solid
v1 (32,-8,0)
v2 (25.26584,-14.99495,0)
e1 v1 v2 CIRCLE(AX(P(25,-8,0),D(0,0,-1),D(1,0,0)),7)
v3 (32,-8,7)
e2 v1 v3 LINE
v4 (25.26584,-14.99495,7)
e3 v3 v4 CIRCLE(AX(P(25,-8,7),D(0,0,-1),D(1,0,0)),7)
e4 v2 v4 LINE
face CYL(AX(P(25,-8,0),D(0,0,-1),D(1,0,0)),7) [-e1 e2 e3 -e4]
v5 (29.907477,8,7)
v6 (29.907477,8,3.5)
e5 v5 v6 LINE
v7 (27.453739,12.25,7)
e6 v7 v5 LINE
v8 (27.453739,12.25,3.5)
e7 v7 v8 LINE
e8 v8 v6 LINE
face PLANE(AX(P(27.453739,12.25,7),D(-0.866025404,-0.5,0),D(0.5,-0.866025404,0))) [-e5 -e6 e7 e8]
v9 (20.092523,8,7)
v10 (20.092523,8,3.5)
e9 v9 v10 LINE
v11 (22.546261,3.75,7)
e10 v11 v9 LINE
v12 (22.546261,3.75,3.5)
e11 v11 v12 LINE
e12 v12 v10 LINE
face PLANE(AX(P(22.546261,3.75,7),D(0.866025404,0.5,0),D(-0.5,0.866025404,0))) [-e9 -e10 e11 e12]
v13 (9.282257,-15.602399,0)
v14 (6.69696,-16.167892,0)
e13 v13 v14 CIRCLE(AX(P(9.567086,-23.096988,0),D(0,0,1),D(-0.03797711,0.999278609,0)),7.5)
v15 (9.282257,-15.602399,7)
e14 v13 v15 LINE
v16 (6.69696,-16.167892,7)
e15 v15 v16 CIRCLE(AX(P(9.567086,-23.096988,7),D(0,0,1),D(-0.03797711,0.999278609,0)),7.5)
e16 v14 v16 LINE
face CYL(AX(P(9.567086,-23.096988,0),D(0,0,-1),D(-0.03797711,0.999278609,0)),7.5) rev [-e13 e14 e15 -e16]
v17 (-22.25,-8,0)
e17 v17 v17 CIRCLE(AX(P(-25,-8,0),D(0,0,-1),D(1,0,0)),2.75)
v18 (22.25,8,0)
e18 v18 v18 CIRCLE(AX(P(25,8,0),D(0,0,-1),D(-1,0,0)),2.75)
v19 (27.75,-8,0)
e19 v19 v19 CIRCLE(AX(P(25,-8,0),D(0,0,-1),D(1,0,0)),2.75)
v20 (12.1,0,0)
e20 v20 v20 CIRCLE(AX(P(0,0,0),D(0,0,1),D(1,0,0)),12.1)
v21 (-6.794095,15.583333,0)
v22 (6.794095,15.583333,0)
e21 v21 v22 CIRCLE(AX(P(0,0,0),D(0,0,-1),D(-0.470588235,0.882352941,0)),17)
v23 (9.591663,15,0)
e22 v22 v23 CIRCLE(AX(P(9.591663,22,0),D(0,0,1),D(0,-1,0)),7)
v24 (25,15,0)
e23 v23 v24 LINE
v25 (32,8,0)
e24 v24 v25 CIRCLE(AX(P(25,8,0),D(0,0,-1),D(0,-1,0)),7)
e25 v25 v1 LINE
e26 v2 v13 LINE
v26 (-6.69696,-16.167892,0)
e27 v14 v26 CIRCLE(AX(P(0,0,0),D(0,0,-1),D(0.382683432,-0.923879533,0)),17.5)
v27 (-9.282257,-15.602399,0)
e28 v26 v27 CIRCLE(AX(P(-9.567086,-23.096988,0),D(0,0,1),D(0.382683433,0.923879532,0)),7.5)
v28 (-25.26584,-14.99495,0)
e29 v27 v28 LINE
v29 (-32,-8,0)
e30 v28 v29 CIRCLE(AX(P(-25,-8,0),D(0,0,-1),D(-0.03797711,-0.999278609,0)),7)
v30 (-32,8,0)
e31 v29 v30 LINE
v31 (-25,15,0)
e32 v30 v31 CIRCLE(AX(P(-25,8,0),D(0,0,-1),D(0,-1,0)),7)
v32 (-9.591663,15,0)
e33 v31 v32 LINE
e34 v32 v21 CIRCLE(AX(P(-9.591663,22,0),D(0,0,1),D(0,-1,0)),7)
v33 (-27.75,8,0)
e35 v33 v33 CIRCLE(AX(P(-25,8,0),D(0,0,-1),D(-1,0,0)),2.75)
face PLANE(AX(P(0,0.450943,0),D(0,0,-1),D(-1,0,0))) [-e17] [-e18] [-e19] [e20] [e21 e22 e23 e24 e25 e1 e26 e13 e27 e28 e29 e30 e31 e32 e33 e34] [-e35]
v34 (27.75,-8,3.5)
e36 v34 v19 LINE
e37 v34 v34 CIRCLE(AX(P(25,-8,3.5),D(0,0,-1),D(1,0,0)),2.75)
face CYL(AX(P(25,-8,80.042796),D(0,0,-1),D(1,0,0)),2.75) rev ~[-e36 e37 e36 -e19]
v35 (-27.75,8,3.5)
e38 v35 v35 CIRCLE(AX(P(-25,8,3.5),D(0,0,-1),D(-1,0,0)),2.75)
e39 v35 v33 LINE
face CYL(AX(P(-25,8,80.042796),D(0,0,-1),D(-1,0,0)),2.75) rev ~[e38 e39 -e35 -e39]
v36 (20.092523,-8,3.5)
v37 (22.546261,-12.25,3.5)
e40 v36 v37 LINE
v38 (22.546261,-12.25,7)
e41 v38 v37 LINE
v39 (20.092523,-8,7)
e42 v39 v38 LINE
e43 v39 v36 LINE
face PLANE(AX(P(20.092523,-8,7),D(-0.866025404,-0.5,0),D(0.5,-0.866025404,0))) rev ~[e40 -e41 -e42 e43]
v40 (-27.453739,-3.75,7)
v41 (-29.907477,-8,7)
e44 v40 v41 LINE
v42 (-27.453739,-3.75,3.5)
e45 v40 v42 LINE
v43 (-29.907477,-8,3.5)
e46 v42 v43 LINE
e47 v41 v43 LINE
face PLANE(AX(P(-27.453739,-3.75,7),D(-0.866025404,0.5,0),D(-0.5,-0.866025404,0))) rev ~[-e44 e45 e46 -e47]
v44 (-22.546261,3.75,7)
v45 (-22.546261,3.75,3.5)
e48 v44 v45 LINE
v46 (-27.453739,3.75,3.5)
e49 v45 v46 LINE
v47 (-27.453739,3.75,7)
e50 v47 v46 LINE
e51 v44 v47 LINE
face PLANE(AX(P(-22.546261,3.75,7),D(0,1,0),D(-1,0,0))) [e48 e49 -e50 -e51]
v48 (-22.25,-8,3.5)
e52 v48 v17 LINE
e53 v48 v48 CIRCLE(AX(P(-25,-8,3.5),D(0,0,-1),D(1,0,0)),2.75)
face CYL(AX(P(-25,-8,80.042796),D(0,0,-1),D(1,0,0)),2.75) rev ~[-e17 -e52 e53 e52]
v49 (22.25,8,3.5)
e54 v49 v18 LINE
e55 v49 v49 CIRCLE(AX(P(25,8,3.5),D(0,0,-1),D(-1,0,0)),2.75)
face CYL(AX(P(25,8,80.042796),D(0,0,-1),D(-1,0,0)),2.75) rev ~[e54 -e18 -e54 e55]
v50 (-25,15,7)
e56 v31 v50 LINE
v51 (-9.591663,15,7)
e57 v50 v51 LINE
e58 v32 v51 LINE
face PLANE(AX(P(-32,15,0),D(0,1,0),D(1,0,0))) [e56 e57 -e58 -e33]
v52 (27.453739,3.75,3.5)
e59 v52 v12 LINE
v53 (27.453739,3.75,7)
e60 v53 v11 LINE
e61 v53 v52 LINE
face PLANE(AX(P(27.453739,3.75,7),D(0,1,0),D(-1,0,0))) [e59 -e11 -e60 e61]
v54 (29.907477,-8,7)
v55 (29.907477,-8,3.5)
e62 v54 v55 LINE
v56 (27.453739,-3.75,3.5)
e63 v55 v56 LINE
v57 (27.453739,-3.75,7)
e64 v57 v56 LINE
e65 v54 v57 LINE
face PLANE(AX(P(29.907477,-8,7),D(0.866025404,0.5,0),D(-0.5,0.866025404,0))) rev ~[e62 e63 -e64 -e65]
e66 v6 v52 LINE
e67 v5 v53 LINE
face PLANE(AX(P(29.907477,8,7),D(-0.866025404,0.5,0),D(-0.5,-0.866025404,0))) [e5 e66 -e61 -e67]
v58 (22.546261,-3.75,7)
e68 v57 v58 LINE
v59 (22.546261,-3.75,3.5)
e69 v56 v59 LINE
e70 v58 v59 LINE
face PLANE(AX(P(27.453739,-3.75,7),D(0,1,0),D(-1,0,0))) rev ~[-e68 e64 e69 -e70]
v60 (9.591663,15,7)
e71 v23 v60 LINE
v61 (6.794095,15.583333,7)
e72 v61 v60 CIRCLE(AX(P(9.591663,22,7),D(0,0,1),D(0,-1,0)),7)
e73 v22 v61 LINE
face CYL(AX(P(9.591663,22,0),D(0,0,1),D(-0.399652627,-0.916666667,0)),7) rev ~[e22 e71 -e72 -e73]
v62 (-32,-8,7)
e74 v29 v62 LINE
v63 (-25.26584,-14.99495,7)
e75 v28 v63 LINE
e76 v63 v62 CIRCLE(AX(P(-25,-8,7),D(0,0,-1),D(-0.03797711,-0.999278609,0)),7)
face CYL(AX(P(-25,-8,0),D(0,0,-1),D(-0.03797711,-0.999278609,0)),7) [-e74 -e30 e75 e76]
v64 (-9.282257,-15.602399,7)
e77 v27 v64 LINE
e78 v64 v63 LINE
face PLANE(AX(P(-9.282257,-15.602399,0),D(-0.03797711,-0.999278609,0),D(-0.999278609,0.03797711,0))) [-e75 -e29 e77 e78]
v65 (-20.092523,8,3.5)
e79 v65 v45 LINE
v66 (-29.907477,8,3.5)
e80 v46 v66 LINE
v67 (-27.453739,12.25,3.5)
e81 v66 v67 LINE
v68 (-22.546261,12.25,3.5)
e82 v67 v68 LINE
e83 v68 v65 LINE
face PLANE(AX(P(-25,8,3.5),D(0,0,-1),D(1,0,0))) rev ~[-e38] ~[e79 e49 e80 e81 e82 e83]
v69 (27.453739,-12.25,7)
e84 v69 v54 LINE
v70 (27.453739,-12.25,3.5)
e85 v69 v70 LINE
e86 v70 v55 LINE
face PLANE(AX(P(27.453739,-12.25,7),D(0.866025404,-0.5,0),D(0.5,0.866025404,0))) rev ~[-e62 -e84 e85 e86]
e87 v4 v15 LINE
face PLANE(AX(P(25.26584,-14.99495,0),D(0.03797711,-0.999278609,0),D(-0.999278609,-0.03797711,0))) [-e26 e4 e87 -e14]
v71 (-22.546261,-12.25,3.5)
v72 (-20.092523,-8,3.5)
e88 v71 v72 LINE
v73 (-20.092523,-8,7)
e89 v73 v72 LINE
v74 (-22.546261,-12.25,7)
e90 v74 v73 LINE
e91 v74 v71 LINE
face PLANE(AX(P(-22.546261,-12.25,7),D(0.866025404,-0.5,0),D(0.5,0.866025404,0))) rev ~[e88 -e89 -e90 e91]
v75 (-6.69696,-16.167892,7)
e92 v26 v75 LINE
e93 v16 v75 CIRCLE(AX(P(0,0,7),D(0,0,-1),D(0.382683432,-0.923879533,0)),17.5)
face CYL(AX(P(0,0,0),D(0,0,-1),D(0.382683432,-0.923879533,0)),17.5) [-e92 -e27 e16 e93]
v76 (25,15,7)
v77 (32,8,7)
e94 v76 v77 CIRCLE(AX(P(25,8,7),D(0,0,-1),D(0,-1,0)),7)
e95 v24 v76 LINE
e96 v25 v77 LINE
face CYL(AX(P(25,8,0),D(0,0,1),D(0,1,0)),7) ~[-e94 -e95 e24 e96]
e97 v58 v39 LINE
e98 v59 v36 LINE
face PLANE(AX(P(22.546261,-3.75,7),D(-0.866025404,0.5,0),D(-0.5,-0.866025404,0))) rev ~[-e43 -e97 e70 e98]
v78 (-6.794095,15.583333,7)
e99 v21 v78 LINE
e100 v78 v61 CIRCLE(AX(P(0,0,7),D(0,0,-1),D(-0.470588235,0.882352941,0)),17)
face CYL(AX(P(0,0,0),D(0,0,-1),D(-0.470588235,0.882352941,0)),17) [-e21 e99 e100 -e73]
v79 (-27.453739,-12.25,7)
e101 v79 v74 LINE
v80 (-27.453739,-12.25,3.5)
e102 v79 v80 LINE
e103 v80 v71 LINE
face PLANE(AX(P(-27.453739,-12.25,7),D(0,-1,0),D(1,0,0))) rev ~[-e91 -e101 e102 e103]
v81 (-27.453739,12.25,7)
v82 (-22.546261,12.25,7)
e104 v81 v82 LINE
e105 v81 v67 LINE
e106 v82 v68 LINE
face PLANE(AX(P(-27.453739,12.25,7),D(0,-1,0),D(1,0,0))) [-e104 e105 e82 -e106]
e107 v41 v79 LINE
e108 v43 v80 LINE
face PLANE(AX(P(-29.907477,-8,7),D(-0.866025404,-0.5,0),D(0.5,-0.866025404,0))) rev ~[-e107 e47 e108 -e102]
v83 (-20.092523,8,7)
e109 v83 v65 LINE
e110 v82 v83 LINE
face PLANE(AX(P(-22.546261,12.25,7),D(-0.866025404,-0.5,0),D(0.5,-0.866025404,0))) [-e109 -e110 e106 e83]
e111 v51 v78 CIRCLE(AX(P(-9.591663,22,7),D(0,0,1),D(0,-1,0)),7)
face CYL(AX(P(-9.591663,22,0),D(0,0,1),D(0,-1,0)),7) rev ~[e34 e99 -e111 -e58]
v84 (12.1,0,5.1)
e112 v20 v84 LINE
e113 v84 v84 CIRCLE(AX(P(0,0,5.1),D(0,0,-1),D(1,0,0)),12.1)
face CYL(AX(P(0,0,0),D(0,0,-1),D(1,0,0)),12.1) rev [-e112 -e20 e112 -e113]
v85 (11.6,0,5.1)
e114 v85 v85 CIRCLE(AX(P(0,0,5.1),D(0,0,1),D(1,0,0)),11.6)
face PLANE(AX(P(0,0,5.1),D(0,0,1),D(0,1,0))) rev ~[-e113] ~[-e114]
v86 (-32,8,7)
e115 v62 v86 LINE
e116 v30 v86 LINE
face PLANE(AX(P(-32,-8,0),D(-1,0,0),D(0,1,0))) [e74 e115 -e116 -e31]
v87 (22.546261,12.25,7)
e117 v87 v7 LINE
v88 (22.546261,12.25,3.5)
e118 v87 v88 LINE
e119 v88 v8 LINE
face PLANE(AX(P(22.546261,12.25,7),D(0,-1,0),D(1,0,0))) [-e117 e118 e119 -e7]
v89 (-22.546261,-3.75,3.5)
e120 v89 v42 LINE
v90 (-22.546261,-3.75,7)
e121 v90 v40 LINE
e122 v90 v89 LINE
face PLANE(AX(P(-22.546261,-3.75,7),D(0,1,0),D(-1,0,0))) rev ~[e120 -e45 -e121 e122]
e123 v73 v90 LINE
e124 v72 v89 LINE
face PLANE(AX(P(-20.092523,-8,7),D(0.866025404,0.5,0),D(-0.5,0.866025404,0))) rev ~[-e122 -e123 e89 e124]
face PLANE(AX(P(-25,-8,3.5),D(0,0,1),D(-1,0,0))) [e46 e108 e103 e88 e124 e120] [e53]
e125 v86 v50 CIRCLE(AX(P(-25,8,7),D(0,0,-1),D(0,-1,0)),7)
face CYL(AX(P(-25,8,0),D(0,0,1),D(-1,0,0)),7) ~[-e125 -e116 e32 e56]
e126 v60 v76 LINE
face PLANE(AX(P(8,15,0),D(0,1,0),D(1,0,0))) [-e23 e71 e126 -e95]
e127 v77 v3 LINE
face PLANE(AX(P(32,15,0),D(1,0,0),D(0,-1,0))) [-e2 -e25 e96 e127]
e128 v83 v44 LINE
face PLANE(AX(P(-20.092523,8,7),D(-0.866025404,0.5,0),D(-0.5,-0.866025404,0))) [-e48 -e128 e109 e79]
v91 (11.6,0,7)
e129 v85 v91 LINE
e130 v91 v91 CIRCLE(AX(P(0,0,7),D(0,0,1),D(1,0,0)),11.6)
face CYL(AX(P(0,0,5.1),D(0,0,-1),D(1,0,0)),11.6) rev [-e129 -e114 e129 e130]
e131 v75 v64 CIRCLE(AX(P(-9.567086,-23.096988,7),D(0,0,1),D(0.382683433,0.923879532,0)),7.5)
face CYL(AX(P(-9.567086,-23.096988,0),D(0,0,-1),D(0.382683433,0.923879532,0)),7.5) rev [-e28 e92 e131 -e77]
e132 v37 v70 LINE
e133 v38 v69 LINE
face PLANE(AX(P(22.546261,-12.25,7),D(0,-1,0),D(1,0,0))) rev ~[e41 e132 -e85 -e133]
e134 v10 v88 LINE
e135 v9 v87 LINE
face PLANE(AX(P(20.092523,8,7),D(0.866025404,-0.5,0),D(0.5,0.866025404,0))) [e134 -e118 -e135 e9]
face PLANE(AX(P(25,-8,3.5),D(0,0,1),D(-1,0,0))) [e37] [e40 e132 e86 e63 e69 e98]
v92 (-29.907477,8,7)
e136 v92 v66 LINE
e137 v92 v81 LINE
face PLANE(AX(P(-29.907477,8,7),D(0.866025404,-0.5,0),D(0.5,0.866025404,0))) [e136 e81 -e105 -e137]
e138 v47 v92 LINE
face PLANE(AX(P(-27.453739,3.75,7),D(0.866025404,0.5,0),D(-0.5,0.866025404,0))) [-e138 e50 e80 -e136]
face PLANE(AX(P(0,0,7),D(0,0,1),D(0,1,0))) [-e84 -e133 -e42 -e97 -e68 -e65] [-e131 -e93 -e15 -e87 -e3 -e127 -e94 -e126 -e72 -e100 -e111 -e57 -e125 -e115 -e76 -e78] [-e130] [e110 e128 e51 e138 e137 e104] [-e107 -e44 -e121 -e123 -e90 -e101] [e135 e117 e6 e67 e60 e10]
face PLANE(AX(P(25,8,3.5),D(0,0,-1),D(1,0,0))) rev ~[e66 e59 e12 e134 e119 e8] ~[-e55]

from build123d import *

# Parameters (mm, degrees)
SKETCH_1_R          = 12.1
EXTRUDE_1_DEPTH     = 7
FILLET_3_R          = 7
EXTRUDE_START       = -1.9
SKETCH_7_R          = 12.1
SKETCH_7_R_2        = 11.6
EXTRUDE_2_DEPTH     = 1.9
HOLE_WIZARD_M53_D   = 5.5
HOLE_WIZARD_M54_D   = 5.5
CUT_EXTRUDE_1_DEPTH = 3.5


with BuildPart() as part:
    # Эскиз1 → Бобышка-Вытянуть1 (new body)
    with BuildSketch(Plane.XY):
        with BuildLine():
            Line((-9.282257481, -15.602398743), (-25.265839773, -14.994950265))
            ThreePointArc((-25.265839773, -14.994950265), (-30.042860221, -12.854849204), (-32, -8))
            Line((-32, -8), (-32, 15))
            Line((-32, 15), (-8, 15))
            ThreePointArc((-8, 15), (0, 17), (8, 15))
            Line((8, 15), (32, 15))
            Line((32, 15), (32, -8))
            ThreePointArc((32, -8), (30.042860221, -12.854849204), (25.265839773, -14.994950265))
            Line((25.265839773, -14.994950265), (9.282257481, -15.602398743))
            ThreePointArc((9.282257481, -15.602398743), (7.964469385, -15.770214084), (6.696960066, -16.167891819))
            ThreePointArc((6.696960066, -16.167891819), (0, -17.5), (-6.696960066, -16.167891819))
            ThreePointArc((-6.696960066, -16.167891819), (-7.964469385, -15.770214084), (-9.282257481, -15.602398743))
        make_face()
        Circle(SKETCH_1_R, mode=Mode.SUBTRACT)
    extrude(amount=EXTRUDE_1_DEPTH)

    # Скругление3
    fillet_3_edges = [part.edges().sort_by_distance(p)[0] for p in [
        (-32, 15, 3.5),
        (-8, 15, 3.5),
        (8, 15, 3.5),
        (32, 15, 3.5),
    ]]
    fillet(fillet_3_edges, radius=FILLET_3_R)

    # Эскиз7 → Бобышка-Вытянуть2 (add)
    with BuildSketch(Plane.XY.offset(7).offset(EXTRUDE_START)):
        with Locations(Location((0, 0, 0), (0, 0, 90))):
            Circle(SKETCH_7_R)
        Circle(SKETCH_7_R_2, mode=Mode.SUBTRACT)
    extrude(amount=EXTRUDE_2_DEPTH)

    # Отверстие с зазором M53 (through all)
    with Locations(Plane.XY.offset(7)):
        with Locations((-25, 8), (25, 8)):
            Hole(HOLE_WIZARD_M53_D / 2)

    # Отверстие с зазором M54 (through all)
    with Locations(Plane(origin=(-20.850360387, 7.199740636, 7), x_dir=(-1, 0, 0), z_dir=(0, 0, 1))):
        with Locations((-45.850360387, 15.199740636), (4.149639613, 15.199740636)):
            Hole(HOLE_WIZARD_M54_D / 2)

    # Эскиз18 → Вырез-Вытянуть1 (cut)
    with BuildSketch(Plane(origin=(0, 0, 7), x_dir=(1, 0, 0), z_dir=(0, 0, -1))):
        Polygon((20.092522712, -8), (22.546261356, -12.25), (27.453738644, -12.25), (29.907477288, -8), (27.453738644, -3.75), (22.546261356, -3.75), align=None)
        Polygon((-27.453738644, -3.75), (-29.907477288, -8), (-27.453738644, -12.25), (-22.546261356, -12.25), (-20.092522712, -8), (-22.546261356, -3.75), align=None)
        Polygon((20.092522712, 8), (22.546261356, 12.25), (27.453738644, 12.25), (29.907477288, 8), (27.453738644, 3.75), (22.546261356, 3.75), align=None)
        Polygon((-22.546261356, 12.25), (-20.092522712, 8), (-22.546261356, 3.75), (-27.453738644, 3.75), (-29.907477288, 8), (-27.453738644, 12.25), align=None)
    extrude(amount=CUT_EXTRUDE_1_DEPTH, mode=Mode.SUBTRACT)


solid = part.part
